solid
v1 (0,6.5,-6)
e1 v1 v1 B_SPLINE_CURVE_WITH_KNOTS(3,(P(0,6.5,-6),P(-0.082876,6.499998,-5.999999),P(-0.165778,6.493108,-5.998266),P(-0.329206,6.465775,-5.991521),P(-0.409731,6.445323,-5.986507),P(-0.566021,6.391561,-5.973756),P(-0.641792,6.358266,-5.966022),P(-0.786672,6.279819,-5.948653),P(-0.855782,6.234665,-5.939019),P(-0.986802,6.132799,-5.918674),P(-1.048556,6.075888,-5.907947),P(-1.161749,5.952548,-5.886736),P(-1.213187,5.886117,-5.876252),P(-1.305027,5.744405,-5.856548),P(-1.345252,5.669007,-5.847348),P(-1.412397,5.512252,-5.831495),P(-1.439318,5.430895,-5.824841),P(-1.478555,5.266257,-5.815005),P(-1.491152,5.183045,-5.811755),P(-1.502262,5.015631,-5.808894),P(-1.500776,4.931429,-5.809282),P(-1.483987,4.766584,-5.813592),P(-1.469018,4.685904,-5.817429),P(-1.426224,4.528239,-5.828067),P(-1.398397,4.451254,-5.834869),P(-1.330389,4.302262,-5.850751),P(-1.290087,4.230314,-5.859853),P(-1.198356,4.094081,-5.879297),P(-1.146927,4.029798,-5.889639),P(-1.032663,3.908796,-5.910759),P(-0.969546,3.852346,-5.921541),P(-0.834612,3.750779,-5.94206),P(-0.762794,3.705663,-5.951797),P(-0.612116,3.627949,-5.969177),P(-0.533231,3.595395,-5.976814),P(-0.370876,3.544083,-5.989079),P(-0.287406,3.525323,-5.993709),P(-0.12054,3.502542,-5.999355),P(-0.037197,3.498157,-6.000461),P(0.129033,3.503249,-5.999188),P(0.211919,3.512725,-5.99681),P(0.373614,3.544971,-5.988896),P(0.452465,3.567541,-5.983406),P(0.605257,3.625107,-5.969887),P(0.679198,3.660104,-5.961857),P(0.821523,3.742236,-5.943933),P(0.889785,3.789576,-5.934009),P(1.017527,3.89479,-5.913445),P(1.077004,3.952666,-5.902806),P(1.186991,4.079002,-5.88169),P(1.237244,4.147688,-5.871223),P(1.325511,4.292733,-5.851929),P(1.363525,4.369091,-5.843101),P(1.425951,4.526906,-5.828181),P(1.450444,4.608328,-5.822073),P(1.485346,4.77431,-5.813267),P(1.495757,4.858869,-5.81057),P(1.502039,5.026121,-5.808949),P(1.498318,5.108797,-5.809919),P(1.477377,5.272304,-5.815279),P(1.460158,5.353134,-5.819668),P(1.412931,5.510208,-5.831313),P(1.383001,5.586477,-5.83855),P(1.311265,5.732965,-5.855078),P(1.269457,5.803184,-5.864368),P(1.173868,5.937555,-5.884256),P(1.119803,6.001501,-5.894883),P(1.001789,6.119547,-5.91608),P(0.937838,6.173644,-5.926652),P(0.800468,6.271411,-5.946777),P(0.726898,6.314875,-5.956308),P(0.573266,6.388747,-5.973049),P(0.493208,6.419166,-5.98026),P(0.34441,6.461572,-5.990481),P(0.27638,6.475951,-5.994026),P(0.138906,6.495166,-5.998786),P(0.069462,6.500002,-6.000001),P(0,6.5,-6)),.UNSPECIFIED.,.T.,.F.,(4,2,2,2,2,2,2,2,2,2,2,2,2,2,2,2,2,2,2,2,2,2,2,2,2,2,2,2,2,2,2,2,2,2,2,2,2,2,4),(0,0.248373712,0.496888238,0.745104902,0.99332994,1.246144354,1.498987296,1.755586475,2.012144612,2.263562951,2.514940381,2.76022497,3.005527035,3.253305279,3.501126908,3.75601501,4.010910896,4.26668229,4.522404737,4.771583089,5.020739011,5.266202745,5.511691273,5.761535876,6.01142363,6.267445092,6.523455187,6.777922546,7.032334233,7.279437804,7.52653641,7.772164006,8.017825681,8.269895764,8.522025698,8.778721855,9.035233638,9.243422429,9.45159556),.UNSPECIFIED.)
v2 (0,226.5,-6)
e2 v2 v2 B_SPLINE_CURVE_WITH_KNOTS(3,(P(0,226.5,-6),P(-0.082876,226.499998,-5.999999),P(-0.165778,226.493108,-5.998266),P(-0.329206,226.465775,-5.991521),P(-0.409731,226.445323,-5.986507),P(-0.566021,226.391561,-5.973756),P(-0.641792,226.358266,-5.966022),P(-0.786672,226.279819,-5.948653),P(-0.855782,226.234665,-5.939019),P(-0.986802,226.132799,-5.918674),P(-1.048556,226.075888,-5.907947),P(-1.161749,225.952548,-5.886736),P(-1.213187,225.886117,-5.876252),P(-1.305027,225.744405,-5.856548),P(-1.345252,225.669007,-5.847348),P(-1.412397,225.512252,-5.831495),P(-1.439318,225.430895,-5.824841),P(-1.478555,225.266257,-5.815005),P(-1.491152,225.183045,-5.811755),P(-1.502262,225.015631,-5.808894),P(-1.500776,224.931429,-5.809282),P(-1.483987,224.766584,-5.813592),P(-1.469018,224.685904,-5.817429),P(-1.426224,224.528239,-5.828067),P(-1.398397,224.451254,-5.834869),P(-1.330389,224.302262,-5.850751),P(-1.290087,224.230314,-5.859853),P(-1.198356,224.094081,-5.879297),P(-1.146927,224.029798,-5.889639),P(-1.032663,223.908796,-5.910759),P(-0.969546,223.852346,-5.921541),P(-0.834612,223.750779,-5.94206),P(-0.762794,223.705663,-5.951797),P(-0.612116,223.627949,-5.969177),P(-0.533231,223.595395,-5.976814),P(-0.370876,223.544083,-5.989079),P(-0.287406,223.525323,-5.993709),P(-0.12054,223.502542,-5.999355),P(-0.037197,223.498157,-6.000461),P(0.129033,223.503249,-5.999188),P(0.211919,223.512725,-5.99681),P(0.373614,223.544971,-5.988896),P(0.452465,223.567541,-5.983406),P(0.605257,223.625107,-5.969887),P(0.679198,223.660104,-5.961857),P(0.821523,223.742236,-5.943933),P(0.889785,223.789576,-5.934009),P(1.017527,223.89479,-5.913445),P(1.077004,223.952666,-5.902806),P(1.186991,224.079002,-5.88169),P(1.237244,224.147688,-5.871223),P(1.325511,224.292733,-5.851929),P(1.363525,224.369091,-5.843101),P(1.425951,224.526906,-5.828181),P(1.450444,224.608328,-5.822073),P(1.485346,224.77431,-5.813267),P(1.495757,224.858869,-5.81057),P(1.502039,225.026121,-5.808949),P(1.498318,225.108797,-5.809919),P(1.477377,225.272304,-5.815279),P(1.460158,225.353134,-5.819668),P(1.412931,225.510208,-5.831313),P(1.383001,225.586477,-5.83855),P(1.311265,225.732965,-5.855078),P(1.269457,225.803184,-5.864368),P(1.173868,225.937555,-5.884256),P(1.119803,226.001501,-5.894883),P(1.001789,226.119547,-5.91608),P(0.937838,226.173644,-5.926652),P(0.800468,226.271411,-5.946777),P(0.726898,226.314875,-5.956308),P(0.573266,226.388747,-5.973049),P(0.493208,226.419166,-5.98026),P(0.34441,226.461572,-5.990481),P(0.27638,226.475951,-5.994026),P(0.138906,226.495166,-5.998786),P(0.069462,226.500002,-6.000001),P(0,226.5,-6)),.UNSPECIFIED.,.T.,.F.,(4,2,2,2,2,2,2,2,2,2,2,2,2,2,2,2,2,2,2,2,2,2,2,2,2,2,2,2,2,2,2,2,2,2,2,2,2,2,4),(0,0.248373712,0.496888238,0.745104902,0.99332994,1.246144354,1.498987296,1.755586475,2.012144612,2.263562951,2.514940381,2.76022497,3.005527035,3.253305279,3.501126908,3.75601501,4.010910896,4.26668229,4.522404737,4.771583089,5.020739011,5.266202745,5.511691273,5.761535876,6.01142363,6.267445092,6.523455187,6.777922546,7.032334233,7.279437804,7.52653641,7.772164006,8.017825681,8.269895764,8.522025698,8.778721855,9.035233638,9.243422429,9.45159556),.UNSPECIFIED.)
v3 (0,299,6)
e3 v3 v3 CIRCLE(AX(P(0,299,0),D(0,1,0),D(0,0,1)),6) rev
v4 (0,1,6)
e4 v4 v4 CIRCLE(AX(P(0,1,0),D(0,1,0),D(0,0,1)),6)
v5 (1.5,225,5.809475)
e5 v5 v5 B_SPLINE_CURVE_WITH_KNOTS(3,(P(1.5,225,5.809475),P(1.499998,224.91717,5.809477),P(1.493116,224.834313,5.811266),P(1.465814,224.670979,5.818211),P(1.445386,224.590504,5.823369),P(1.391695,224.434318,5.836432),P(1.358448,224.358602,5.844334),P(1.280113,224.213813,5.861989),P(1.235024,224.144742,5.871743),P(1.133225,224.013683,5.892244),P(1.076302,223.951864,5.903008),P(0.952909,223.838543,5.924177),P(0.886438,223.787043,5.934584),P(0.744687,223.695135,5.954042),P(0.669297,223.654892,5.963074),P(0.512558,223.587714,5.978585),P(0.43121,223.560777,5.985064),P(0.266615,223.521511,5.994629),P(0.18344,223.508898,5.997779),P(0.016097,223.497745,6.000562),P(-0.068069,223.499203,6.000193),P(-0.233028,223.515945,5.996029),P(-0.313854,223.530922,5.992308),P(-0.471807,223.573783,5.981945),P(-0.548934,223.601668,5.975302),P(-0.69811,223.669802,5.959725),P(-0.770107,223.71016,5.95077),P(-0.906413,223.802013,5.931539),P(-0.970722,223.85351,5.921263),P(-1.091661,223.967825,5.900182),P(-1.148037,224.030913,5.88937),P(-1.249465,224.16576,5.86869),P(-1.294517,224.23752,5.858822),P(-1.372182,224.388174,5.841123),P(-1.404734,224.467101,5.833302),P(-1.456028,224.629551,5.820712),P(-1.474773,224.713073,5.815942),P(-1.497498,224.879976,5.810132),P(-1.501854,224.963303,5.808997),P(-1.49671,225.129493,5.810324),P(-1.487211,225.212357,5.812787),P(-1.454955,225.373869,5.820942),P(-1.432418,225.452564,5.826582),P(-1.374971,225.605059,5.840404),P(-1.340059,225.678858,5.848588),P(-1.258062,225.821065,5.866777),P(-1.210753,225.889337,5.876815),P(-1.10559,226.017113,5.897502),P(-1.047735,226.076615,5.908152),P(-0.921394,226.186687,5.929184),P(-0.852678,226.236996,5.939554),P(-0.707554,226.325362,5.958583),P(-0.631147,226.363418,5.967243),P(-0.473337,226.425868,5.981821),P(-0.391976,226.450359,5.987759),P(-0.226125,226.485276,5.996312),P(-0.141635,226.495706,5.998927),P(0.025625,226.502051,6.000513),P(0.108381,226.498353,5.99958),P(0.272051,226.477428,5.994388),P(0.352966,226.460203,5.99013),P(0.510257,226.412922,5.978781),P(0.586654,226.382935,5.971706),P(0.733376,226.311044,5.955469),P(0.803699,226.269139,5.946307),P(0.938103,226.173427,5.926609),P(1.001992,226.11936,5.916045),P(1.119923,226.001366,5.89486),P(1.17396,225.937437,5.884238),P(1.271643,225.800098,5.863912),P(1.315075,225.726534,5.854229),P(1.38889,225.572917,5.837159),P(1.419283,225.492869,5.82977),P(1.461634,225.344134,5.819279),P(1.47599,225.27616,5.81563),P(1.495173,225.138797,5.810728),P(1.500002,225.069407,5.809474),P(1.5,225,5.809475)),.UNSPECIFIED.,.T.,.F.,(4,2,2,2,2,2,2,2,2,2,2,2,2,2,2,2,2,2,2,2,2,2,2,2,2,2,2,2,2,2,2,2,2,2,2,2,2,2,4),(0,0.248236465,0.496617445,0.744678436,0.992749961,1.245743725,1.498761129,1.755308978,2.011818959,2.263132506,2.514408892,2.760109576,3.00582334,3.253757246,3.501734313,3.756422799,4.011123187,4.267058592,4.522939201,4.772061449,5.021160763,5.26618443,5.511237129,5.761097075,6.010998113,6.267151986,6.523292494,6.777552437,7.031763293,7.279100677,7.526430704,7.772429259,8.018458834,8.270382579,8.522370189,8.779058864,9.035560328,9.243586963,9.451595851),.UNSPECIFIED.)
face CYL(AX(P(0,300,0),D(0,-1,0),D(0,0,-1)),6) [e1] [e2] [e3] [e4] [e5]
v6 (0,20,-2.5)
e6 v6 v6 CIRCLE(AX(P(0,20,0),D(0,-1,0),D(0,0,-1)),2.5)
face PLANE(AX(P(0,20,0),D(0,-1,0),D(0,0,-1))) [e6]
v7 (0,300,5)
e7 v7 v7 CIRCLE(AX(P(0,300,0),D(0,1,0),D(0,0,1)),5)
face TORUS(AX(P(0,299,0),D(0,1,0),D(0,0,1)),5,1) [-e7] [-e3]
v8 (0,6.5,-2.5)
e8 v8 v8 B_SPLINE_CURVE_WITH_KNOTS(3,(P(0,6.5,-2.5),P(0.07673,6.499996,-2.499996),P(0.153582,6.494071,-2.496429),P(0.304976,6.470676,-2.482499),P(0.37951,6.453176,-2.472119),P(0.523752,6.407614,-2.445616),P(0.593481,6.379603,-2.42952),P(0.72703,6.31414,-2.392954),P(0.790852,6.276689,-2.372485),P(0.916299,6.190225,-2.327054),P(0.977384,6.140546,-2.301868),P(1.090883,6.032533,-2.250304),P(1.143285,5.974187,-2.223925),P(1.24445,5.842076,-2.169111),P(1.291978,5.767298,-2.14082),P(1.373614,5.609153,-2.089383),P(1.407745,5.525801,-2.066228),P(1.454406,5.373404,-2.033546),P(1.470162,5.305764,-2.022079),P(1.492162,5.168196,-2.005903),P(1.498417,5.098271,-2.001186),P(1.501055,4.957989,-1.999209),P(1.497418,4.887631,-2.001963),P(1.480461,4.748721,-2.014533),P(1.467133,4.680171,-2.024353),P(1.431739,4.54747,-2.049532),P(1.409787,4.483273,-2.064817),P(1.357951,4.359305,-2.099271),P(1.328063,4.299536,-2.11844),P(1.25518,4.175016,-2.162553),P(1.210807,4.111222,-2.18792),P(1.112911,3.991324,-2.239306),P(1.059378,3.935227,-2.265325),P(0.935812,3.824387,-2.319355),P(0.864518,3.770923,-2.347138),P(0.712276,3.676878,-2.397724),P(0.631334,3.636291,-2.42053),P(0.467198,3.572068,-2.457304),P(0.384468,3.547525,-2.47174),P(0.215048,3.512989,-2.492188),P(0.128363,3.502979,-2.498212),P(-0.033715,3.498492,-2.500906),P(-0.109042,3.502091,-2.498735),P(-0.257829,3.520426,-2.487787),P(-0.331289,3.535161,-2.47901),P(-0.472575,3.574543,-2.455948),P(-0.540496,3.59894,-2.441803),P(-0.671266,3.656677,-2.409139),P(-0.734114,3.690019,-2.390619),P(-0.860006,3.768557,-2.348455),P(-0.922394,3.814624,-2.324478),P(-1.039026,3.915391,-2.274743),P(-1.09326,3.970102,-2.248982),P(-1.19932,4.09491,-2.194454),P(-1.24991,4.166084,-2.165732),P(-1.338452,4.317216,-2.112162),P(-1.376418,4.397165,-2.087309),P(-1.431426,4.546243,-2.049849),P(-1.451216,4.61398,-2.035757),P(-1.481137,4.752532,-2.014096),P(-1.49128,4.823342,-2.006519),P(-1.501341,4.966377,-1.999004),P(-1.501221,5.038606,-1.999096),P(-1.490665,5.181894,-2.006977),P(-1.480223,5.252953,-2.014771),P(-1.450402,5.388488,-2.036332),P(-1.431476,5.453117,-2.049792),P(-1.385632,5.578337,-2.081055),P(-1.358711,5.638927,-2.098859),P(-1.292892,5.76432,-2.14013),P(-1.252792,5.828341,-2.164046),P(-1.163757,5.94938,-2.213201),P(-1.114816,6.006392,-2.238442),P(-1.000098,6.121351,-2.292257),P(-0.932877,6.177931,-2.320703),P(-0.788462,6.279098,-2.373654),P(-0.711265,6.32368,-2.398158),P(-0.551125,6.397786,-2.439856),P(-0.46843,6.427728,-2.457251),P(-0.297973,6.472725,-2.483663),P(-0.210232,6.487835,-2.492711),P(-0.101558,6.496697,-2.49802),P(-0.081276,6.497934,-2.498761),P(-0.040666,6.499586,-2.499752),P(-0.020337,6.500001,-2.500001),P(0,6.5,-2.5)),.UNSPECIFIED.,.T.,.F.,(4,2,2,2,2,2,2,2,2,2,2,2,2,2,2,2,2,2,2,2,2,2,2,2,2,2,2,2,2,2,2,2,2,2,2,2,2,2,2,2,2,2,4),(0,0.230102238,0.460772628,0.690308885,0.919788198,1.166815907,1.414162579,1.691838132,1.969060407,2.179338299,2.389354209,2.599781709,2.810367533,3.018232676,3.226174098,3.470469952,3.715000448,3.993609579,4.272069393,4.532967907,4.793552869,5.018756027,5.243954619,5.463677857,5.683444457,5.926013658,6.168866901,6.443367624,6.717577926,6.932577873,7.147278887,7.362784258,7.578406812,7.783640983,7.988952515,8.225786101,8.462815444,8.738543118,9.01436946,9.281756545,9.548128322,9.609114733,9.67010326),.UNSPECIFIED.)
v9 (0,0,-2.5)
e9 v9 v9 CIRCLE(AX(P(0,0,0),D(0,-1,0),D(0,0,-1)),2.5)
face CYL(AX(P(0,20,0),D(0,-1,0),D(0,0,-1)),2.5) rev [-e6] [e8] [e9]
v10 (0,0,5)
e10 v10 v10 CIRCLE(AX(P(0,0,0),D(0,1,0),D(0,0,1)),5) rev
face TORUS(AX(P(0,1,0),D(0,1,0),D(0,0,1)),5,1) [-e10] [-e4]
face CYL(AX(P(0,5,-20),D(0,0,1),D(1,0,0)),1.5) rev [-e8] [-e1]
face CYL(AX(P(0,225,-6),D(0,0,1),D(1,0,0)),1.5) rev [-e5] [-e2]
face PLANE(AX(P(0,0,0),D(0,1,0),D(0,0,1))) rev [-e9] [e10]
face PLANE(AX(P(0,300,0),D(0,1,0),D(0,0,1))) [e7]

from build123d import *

# Parameters (mm, degrees)
SKETCH1_R               = 6
BOSS_EXTRUDE1_DEPTH     = 300
SKETCH2_R               = 2.5
CUT_EXTRUDE1_DEPTH      = 20
SKETCH3_R               = 1.5
CUT_EXTRUDE2_DEPTH      = 20
FILLET1_R               = 1
SKETCH4_R               = 1.5
CUT_EXTRUDE3_DEPTH      = 7.0000001
CUT_EXTRUDE3_DEPTH_BACK = 7.000000127


with BuildPart() as part:
    # Sketch1 → Boss-Extrude1 (new body)
    with BuildSketch(Plane(origin=(0, 0, 0), x_dir=(1, 0, 0), z_dir=(0, 1, 0))):
        Circle(SKETCH1_R)
    extrude(amount=BOSS_EXTRUDE1_DEPTH)

    # Sketch2 → Cut-Extrude1 (cut)
    with BuildSketch(Plane.XZ):
        Circle(SKETCH2_R)
    extrude(amount=-CUT_EXTRUDE1_DEPTH, mode=Mode.SUBTRACT)

    # Sketch3 → Cut-Extrude2 (cut)
    with BuildSketch(Plane.XY):
        with Locations((0, 5)):
            Circle(SKETCH3_R)
    extrude(amount=-CUT_EXTRUDE2_DEPTH, mode=Mode.SUBTRACT)

    # Fillet1
    fillet1_edges = [part.edges().sort_by_distance(p)[0] for p in [
        (-6, 0, 0),
        (-6, 300, 0),
    ]]
    fillet(fillet1_edges, radius=FILLET1_R)

    # Sketch4 → Cut-Extrude3 (cut, two sides)
    with BuildSketch(Plane.XY) as cut_extrude3_sk:
        with Locations((0, 225)):
            Circle(SKETCH4_R)
    extrude(amount=CUT_EXTRUDE3_DEPTH, mode=Mode.SUBTRACT)
    extrude(cut_extrude3_sk.sketch, amount=-CUT_EXTRUDE3_DEPTH_BACK, mode=Mode.SUBTRACT)


solid = part.part
